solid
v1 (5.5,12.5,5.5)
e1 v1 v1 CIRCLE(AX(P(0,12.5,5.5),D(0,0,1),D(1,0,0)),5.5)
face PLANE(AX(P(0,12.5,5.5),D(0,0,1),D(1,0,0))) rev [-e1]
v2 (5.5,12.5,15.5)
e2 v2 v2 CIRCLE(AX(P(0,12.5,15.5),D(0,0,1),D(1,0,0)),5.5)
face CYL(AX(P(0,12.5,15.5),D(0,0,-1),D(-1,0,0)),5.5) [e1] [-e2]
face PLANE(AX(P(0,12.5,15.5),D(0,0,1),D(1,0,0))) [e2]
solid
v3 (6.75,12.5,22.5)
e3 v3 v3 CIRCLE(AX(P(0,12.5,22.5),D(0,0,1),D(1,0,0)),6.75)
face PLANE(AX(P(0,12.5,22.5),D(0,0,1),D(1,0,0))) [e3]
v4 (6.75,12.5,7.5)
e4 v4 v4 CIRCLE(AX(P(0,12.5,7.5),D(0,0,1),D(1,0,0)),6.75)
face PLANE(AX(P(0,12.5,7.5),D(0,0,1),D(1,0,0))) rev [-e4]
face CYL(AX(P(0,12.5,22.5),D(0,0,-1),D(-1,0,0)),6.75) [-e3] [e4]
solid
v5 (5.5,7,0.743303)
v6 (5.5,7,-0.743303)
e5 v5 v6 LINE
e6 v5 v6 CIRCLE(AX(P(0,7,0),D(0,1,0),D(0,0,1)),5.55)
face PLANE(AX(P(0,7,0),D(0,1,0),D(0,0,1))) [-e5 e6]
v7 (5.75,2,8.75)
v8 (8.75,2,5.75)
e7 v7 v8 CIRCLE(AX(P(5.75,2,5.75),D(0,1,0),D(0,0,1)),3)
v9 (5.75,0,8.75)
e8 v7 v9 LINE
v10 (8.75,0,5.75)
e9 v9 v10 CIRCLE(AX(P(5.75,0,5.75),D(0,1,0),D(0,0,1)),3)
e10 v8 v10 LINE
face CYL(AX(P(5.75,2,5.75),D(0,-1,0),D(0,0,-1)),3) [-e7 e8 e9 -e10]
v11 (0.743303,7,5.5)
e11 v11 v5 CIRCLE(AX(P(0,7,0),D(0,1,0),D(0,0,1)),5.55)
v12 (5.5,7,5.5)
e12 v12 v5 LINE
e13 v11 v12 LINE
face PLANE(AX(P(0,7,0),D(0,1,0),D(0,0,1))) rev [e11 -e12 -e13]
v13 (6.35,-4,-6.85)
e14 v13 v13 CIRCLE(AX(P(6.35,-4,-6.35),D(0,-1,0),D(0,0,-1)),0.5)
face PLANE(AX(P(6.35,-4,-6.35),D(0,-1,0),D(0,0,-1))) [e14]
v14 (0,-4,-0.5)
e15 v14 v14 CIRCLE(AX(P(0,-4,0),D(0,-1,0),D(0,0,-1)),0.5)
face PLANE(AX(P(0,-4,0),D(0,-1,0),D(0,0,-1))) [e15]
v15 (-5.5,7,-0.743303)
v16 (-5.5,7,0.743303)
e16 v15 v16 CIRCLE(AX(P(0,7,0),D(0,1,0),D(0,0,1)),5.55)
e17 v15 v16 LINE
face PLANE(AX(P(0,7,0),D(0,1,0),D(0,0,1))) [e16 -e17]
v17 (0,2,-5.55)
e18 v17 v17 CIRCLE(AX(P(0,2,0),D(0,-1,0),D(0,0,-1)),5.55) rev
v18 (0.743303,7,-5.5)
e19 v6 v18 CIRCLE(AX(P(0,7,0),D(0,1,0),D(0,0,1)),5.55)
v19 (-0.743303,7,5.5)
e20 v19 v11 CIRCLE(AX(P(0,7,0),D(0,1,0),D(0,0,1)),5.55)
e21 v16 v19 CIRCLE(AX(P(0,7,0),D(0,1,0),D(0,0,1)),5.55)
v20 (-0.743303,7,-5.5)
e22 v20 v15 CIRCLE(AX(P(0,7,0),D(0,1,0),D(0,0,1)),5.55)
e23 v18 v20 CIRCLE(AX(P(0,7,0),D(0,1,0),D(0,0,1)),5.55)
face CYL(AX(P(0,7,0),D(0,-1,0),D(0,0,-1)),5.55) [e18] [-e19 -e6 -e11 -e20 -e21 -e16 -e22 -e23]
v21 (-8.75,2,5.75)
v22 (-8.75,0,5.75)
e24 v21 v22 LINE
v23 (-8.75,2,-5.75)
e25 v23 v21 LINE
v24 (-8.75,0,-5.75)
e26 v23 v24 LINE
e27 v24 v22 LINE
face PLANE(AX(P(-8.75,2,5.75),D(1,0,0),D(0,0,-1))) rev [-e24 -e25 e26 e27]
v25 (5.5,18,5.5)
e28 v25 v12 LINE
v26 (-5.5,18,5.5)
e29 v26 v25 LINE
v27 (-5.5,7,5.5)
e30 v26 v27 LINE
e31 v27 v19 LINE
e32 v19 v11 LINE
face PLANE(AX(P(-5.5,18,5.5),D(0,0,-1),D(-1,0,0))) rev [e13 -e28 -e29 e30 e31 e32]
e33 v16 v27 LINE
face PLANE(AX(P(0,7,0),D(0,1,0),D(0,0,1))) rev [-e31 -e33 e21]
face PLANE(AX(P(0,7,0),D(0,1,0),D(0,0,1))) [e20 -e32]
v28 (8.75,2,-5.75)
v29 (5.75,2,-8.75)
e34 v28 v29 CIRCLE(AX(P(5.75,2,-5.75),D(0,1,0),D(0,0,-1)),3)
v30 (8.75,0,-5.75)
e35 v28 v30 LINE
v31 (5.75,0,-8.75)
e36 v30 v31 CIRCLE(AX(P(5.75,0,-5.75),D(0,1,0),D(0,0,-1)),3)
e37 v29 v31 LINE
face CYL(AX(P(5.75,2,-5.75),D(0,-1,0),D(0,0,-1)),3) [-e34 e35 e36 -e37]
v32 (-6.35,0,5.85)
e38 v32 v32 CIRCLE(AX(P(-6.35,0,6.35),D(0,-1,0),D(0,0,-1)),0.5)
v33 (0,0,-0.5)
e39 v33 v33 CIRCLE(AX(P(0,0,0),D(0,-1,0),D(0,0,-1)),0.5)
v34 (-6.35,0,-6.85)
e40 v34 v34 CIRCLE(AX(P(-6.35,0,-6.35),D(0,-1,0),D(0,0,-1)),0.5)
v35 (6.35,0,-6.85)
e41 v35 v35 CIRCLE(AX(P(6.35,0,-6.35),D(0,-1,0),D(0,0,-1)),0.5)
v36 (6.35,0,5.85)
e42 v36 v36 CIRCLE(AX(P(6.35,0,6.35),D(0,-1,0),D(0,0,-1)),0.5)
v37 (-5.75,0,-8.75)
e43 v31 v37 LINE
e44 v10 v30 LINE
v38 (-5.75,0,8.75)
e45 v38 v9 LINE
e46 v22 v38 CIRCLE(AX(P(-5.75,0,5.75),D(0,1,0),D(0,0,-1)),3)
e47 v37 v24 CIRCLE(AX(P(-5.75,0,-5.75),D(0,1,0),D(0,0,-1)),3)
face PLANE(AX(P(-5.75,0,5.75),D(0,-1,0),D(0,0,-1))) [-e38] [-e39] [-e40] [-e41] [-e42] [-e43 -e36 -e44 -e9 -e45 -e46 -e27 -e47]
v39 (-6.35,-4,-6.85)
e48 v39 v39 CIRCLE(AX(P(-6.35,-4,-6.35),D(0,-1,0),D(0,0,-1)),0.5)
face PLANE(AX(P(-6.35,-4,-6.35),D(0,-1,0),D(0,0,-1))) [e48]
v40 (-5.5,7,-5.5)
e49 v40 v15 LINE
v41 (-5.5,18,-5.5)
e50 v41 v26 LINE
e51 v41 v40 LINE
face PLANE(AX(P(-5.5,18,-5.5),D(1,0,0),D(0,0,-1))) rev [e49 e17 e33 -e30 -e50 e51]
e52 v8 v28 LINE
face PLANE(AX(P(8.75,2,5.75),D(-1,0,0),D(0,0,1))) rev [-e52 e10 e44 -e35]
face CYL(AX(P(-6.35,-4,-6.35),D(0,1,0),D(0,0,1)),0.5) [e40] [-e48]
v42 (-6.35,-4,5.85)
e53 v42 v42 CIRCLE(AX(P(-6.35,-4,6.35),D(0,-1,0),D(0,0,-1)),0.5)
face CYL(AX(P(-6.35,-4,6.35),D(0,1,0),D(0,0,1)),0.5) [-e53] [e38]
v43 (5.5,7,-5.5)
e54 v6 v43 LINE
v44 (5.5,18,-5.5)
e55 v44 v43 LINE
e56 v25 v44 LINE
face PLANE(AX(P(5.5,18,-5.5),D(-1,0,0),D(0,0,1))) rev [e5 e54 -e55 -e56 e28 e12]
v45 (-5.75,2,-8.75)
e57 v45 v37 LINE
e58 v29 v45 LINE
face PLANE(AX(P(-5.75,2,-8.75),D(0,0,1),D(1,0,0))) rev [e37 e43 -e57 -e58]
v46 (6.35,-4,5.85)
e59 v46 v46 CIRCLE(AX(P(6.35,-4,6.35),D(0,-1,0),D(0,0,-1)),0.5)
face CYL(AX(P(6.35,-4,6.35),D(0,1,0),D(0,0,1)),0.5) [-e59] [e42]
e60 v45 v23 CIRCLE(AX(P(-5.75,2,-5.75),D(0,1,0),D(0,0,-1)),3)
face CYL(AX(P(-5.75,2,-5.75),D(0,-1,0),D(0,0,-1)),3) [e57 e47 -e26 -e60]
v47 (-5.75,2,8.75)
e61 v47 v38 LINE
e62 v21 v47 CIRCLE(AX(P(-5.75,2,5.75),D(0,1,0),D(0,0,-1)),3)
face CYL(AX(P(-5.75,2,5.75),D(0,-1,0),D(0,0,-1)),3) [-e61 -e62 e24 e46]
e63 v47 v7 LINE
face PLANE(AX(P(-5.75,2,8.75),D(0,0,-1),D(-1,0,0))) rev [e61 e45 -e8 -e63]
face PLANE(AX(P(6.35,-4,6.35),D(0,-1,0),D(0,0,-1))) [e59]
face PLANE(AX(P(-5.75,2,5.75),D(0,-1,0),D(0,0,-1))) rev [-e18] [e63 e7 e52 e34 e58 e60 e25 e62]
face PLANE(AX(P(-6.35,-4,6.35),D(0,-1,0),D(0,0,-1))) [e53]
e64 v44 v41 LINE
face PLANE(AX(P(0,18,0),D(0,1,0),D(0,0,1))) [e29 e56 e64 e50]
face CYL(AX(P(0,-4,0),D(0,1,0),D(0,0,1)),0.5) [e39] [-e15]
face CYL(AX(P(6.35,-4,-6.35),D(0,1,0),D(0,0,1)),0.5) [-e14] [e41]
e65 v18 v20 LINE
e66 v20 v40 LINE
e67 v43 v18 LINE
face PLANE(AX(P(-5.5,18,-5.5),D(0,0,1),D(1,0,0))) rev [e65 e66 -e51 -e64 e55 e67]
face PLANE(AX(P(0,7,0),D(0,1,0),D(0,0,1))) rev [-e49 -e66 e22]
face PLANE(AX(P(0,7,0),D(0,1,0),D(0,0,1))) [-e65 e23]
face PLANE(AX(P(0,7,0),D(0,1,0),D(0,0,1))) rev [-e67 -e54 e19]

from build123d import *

# Parameters (mm, degrees)
AUFSATZ_LINEAR_AUSTRAGEN1_DEPTH = 2
SKIZZE2_R                       = 0.5
AUFSATZ_LINEAR_AUSTRAGEN2_DEPTH = 4
SKIZZE3_R                       = 5.55
AUFSATZ_LINEAR_AUSTRAGEN3_DEPTH = 5
SKIZZE4_W                       = 11
SKIZZE4_H                       = 11
AUFSATZ_LINEAR_AUSTRAGEN4_DEPTH = 11
SKIZZE5_R                       = 5.5
AUFSATZ_LINEAR_AUSTRAGEN6_DEPTH = 10
AUFSATZ_LINEAR_START            = 2
SKIZZE6_R                       = 6.75
AUFSATZ_LINEAR_AUSTRAGEN7_DEPTH = 15


with BuildPart() as part:
    # Skizze1 → Aufsatz-Linear austragen1 (new body)
    with BuildSketch(Plane(origin=(0, 0, 0), x_dir=(1, 0, 0), z_dir=(0, 1, 0))):
        with BuildLine():
            Line((-5.75, -8.75), (5.75, -8.75))
            ThreePointArc((5.75, -8.75), (7.871320344, -7.871320344), (8.75, -5.75))
            Line((8.75, -5.75), (8.75, 5.75))
            ThreePointArc((8.75, 5.75), (7.871320344, 7.871320344), (5.75, 8.75))
            Line((5.75, 8.75), (-5.75, 8.75))
            ThreePointArc((-5.75, 8.75), (-7.871320344, 7.871320344), (-8.75, 5.75))
            Line((-8.75, 5.75), (-8.75, -5.75))
            ThreePointArc((-8.75, -5.75), (-7.871320344, -7.871320344), (-5.75, -8.75))
        make_face()
    extrude(amount=AUFSATZ_LINEAR_AUSTRAGEN1_DEPTH)

    # Skizze2 → Aufsatz-Linear austragen2 (add)
    with BuildSketch(Plane.XZ):
        with Locations((6.35, -6.35)):
            Circle(SKIZZE2_R)
        with Locations((-6.35, 6.35)):
            Circle(SKIZZE2_R)
        with Locations((6.35, 6.35)):
            Circle(SKIZZE2_R)
        with Locations((-6.35, -6.35)):
            Circle(SKIZZE2_R)
        Circle(SKIZZE2_R)
    extrude(amount=AUFSATZ_LINEAR_AUSTRAGEN2_DEPTH)

    # Skizze3 → Aufsatz-Linear austragen3 (add)
    with BuildSketch(Plane(origin=(0, 2, 0), x_dir=(1, 0, 0), z_dir=(0, 1, 0))):
        Circle(SKIZZE3_R)
    extrude(amount=AUFSATZ_LINEAR_AUSTRAGEN3_DEPTH)

    # Skizze4 → Aufsatz-Linear austragen4 (add)
    with BuildSketch(Plane(origin=(0, 7, 0), x_dir=(1, 0, 0), z_dir=(0, 1, 0))):
        Rectangle(SKIZZE4_W, SKIZZE4_H)
    extrude(amount=AUFSATZ_LINEAR_AUSTRAGEN4_DEPTH)


with BuildPart() as body_2:
    # Skizze5 → Aufsatz-Linear austragen6 (new body)
    with BuildSketch(Plane.XY.offset(5.5)):
        with Locations((0, 12.5)):
            Circle(SKIZZE5_R)
    extrude(amount=AUFSATZ_LINEAR_AUSTRAGEN6_DEPTH)


with BuildPart() as body_3:
    # Skizze6 → Aufsatz-Linear austragen7 (new body)
    with BuildSketch(Plane.XY.offset(5.5).offset(AUFSATZ_LINEAR_START)):
        with Locations((0, 12.5)):
            Circle(SKIZZE6_R)
    extrude(amount=AUFSATZ_LINEAR_AUSTRAGEN7_DEPTH)


solid = Compound([part.part, body_2.part, body_3.part])
